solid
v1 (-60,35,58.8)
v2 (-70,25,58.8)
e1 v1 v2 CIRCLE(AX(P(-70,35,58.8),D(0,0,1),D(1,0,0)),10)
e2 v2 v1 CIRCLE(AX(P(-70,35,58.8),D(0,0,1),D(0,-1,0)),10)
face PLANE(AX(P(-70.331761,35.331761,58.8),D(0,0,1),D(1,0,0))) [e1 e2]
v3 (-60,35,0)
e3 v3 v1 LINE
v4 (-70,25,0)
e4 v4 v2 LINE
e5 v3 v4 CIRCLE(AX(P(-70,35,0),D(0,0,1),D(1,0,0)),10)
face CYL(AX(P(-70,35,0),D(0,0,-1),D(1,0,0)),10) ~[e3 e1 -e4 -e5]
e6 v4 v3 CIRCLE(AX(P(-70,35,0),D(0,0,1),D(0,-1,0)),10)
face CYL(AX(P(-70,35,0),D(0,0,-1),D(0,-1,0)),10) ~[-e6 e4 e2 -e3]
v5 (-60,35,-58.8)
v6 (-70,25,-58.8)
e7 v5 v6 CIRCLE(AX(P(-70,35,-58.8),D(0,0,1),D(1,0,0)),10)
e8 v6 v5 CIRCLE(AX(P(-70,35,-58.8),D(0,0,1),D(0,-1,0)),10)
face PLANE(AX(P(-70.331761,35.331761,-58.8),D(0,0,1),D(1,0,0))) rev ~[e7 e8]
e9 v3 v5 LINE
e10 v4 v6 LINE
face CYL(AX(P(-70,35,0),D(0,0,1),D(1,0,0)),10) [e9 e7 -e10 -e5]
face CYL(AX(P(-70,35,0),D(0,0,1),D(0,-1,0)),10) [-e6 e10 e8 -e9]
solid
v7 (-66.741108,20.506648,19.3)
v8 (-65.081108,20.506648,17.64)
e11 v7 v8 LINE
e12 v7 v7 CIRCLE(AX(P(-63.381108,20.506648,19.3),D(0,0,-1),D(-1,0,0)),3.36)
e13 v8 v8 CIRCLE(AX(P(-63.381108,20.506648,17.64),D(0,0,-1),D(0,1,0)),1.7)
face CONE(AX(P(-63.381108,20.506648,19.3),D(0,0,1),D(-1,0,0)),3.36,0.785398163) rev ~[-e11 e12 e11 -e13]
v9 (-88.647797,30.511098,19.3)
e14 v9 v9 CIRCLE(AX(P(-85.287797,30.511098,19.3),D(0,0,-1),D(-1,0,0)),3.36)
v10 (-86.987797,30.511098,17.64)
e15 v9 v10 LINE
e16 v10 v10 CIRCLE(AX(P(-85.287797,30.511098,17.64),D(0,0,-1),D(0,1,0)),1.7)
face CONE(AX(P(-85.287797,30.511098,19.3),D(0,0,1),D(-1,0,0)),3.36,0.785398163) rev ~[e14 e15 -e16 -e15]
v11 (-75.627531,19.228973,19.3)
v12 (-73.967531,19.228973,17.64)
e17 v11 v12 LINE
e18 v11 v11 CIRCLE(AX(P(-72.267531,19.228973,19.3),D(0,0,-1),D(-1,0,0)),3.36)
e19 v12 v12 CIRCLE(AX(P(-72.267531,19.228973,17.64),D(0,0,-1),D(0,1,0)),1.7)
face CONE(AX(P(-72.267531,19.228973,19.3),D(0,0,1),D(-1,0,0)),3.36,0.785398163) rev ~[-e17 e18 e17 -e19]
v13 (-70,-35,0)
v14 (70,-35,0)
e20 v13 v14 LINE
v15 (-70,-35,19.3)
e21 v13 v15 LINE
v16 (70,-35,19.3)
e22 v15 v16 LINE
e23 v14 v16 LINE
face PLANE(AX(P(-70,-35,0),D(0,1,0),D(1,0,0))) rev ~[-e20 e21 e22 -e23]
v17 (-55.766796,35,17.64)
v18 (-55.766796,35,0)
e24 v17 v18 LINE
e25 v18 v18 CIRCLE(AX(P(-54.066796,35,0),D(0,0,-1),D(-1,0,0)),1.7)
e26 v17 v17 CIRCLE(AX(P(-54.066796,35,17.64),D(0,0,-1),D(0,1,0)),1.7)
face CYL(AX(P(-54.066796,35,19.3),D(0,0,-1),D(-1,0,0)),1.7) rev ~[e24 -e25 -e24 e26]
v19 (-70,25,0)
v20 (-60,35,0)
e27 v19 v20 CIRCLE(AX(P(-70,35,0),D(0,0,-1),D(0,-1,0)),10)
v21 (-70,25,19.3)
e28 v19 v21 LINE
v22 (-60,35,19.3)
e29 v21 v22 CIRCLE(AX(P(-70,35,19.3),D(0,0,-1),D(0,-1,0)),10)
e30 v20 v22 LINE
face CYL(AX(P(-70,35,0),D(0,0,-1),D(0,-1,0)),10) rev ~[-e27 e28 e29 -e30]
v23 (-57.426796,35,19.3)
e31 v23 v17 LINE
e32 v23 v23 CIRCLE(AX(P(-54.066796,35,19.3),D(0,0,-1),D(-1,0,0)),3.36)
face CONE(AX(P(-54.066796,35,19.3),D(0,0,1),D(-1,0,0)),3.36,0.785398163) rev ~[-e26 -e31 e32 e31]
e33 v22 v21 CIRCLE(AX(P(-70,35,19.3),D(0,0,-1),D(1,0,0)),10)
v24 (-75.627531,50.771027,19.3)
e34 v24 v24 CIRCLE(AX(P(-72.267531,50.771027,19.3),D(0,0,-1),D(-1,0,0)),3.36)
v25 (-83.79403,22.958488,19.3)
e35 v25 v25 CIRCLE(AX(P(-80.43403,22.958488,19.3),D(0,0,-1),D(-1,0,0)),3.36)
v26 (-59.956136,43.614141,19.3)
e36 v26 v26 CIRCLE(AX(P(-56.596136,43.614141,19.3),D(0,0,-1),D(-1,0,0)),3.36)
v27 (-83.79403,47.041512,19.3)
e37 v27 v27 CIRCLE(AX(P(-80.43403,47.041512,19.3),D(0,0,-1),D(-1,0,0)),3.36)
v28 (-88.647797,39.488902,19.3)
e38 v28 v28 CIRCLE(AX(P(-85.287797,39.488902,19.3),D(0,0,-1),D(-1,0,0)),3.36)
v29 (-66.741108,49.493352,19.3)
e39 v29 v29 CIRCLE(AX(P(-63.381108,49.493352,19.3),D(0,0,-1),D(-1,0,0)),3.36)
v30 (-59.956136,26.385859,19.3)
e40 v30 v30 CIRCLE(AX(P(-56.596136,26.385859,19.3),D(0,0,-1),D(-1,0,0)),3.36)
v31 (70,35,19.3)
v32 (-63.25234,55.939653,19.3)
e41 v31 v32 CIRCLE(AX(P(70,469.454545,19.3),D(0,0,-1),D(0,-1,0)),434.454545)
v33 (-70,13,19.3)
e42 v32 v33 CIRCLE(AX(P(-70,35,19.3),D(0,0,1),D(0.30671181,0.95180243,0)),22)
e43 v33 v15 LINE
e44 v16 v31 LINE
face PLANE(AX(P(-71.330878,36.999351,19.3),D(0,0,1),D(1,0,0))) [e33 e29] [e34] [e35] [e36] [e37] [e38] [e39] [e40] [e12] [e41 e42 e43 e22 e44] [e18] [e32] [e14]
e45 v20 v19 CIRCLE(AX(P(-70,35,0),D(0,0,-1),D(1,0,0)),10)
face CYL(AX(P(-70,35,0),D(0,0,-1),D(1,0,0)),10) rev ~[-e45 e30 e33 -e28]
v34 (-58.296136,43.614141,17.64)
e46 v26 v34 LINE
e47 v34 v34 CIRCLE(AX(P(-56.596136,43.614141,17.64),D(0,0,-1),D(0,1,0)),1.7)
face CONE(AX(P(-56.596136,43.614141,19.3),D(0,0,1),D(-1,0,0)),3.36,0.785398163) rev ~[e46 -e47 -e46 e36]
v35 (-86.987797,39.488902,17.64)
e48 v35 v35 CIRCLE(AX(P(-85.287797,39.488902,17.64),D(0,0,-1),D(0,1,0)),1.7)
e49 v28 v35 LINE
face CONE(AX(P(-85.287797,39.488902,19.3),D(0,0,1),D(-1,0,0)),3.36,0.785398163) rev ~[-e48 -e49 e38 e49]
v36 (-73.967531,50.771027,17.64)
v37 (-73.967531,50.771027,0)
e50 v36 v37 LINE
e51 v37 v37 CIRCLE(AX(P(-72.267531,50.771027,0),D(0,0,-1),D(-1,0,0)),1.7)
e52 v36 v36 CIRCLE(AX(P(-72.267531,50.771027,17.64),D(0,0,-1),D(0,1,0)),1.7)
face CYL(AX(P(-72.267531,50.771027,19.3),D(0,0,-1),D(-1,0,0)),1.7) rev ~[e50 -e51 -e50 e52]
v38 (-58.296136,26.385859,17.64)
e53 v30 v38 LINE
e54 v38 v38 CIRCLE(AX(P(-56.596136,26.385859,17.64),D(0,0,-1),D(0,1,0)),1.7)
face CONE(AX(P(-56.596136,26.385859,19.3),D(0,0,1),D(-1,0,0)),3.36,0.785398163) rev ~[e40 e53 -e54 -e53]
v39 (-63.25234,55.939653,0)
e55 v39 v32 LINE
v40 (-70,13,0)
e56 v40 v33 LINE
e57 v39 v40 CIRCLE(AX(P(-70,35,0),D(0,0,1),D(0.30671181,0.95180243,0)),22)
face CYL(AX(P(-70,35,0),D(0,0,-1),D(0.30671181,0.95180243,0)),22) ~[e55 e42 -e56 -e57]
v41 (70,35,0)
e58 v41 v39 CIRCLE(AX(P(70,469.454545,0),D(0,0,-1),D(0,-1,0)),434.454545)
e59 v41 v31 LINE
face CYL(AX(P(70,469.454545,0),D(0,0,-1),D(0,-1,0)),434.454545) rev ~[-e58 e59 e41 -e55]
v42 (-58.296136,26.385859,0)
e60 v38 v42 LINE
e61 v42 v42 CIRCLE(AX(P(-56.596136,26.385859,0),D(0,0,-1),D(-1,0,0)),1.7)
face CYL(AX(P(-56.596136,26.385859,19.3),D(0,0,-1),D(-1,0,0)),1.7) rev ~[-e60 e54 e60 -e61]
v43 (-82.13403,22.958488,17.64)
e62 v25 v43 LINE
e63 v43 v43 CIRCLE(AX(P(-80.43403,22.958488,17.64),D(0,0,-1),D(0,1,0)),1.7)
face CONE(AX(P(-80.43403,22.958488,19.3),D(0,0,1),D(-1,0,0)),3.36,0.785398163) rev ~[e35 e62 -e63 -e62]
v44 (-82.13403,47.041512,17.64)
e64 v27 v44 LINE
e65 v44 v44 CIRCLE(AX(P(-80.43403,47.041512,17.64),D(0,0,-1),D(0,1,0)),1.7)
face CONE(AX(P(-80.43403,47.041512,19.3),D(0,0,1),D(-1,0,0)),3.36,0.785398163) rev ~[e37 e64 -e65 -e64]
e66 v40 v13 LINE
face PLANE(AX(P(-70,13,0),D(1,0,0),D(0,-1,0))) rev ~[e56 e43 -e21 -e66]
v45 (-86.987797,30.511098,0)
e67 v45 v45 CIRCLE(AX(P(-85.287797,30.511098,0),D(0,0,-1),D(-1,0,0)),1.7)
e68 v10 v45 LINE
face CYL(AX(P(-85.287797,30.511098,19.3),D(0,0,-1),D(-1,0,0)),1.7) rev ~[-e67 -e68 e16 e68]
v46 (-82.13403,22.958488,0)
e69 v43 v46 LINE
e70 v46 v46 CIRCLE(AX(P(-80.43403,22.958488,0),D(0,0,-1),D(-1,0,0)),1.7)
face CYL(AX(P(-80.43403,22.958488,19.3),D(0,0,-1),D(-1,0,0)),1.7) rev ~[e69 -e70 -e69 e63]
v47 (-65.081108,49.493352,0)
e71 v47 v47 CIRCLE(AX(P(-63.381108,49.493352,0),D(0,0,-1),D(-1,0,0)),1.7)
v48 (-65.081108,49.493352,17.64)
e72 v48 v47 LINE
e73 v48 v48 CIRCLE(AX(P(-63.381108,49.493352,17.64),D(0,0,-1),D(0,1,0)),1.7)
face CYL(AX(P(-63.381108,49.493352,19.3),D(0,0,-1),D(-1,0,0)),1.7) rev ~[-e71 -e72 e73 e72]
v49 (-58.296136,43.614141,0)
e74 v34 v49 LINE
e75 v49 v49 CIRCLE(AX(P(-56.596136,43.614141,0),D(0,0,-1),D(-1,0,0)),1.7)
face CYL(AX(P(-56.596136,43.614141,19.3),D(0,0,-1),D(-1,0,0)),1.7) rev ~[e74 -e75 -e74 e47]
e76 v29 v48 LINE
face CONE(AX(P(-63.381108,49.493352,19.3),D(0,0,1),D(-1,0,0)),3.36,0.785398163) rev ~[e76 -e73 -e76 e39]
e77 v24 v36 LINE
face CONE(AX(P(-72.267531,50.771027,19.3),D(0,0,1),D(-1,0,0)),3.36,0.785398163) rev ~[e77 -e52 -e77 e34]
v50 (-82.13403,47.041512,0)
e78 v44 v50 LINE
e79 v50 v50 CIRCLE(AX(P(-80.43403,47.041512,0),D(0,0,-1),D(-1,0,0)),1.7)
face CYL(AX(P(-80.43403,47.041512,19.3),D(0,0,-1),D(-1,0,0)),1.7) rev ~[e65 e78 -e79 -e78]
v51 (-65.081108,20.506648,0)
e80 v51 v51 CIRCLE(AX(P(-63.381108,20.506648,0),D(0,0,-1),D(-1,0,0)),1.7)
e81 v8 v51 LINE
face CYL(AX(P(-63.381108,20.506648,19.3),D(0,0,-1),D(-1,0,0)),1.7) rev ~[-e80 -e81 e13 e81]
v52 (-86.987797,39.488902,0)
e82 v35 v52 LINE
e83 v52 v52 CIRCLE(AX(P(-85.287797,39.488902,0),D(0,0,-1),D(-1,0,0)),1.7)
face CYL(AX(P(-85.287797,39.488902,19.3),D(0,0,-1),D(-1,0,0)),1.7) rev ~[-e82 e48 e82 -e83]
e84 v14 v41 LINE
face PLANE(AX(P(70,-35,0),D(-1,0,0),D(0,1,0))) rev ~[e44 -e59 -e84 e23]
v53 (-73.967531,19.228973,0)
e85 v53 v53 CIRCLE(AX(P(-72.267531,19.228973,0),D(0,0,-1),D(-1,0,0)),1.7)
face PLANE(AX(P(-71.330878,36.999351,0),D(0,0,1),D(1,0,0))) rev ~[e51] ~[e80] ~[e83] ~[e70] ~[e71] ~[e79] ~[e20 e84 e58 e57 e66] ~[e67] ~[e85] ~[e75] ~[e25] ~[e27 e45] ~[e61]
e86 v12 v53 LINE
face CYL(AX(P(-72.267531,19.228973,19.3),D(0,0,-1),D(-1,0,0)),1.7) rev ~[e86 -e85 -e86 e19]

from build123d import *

# Parameters (mm, degrees)
F1_DEPTH       = 19.3
F2_DEPTH       = 58.8
F4_D           = 3.4
F4_CSINK_D     = 6.72
F4_CSINK_ANGLE = 90


with BuildPart() as f1:
    # F0 (on Top) → F1 (new body)
    with BuildSketch(Plane.XY):
        with BuildLine():
            ThreePointArc((-63.2523401713, 55.9396534555), (-91.7332967589, 38.4152323478), (-70, 13))
            Line((-70, 13), (-70, 25))
            ThreePointArc((-70, 25), (-77.0710678119, 42.0710678119), (-60, 35))
            Line((-60, 35), (-48, 35))
            ThreePointArc((-48, 35), (-52.2173045318, 47.9528275633), (-63.2523401713, 55.9396534555))
        make_face()
        with BuildLine():
            Line((-48, 35), (70, 35))
            ThreePointArc((70, 35), (2.5562173956, 40.266837972), (-63.2523401713, 55.9396534555))
            ThreePointArc((-63.2523401713, 55.9396534555), (-52.2173045318, 47.9528275633), (-48, 35))
        make_face()
        with BuildLine():
            Line((-70, 25), (-70, 13))
            ThreePointArc((-70, 13), (-54.4436508139, 19.4436508139), (-48, 35))
            Line((-48, 35), (-60, 35))
            ThreePointArc((-60, 35), (-62.9289321881, 27.9289321881), (-70, 25))
        make_face()
        with BuildLine():
            Line((-70, -35), (70, -35))
            Line((70, -35), (70, 35))
            Line((70, 35), (-48, 35))
            ThreePointArc((-48, 35), (-54.4436508139, 19.4436508139), (-70, 13))
            Line((-70, 13), (-70, -35))
        make_face()
    extrude(amount=F1_DEPTH)

    # F4 (through all)
    with Locations(Plane.XY.offset(19.3)):
        with Locations((-72.267531371, 50.7710270998), (-63.3811077933, 49.4933522781), (-56.5961357243, 43.6141405132), (-54.0667958558, 35), (-56.5961357243, 26.3858594868), (-63.3811077933, 20.5066477219), (-72.267531371, 19.2289729002), (-80.43402976, 22.9584877499), (-85.2877974236, 30.5110976578), (-85.2877974236, 39.4889023422), (-80.43402976, 47.0415122501)):
            CounterSinkHole(F4_D / 2, F4_CSINK_D / 2, counter_sink_angle=F4_CSINK_ANGLE)


with BuildPart() as f2:
    # F0 (on Top) → F2 (new body, symmetric)
    with BuildSketch(Plane.XY):
        with BuildLine():
            ThreePointArc((-60, 35), (-77.0710678119, 42.0710678119), (-70, 25))
            Line((-70, 25), (-70, 35))
            Line((-70, 35), (-60, 35))
        make_face()
        with BuildLine():
            Line((-70, 35), (-70, 25))
            ThreePointArc((-70, 25), (-62.9289321881, 27.9289321881), (-60, 35))
            Line((-60, 35), (-70, 35))
        make_face()
    extrude(amount=F2_DEPTH, both=True)


solid = Compound([f1.part, f2.part])
